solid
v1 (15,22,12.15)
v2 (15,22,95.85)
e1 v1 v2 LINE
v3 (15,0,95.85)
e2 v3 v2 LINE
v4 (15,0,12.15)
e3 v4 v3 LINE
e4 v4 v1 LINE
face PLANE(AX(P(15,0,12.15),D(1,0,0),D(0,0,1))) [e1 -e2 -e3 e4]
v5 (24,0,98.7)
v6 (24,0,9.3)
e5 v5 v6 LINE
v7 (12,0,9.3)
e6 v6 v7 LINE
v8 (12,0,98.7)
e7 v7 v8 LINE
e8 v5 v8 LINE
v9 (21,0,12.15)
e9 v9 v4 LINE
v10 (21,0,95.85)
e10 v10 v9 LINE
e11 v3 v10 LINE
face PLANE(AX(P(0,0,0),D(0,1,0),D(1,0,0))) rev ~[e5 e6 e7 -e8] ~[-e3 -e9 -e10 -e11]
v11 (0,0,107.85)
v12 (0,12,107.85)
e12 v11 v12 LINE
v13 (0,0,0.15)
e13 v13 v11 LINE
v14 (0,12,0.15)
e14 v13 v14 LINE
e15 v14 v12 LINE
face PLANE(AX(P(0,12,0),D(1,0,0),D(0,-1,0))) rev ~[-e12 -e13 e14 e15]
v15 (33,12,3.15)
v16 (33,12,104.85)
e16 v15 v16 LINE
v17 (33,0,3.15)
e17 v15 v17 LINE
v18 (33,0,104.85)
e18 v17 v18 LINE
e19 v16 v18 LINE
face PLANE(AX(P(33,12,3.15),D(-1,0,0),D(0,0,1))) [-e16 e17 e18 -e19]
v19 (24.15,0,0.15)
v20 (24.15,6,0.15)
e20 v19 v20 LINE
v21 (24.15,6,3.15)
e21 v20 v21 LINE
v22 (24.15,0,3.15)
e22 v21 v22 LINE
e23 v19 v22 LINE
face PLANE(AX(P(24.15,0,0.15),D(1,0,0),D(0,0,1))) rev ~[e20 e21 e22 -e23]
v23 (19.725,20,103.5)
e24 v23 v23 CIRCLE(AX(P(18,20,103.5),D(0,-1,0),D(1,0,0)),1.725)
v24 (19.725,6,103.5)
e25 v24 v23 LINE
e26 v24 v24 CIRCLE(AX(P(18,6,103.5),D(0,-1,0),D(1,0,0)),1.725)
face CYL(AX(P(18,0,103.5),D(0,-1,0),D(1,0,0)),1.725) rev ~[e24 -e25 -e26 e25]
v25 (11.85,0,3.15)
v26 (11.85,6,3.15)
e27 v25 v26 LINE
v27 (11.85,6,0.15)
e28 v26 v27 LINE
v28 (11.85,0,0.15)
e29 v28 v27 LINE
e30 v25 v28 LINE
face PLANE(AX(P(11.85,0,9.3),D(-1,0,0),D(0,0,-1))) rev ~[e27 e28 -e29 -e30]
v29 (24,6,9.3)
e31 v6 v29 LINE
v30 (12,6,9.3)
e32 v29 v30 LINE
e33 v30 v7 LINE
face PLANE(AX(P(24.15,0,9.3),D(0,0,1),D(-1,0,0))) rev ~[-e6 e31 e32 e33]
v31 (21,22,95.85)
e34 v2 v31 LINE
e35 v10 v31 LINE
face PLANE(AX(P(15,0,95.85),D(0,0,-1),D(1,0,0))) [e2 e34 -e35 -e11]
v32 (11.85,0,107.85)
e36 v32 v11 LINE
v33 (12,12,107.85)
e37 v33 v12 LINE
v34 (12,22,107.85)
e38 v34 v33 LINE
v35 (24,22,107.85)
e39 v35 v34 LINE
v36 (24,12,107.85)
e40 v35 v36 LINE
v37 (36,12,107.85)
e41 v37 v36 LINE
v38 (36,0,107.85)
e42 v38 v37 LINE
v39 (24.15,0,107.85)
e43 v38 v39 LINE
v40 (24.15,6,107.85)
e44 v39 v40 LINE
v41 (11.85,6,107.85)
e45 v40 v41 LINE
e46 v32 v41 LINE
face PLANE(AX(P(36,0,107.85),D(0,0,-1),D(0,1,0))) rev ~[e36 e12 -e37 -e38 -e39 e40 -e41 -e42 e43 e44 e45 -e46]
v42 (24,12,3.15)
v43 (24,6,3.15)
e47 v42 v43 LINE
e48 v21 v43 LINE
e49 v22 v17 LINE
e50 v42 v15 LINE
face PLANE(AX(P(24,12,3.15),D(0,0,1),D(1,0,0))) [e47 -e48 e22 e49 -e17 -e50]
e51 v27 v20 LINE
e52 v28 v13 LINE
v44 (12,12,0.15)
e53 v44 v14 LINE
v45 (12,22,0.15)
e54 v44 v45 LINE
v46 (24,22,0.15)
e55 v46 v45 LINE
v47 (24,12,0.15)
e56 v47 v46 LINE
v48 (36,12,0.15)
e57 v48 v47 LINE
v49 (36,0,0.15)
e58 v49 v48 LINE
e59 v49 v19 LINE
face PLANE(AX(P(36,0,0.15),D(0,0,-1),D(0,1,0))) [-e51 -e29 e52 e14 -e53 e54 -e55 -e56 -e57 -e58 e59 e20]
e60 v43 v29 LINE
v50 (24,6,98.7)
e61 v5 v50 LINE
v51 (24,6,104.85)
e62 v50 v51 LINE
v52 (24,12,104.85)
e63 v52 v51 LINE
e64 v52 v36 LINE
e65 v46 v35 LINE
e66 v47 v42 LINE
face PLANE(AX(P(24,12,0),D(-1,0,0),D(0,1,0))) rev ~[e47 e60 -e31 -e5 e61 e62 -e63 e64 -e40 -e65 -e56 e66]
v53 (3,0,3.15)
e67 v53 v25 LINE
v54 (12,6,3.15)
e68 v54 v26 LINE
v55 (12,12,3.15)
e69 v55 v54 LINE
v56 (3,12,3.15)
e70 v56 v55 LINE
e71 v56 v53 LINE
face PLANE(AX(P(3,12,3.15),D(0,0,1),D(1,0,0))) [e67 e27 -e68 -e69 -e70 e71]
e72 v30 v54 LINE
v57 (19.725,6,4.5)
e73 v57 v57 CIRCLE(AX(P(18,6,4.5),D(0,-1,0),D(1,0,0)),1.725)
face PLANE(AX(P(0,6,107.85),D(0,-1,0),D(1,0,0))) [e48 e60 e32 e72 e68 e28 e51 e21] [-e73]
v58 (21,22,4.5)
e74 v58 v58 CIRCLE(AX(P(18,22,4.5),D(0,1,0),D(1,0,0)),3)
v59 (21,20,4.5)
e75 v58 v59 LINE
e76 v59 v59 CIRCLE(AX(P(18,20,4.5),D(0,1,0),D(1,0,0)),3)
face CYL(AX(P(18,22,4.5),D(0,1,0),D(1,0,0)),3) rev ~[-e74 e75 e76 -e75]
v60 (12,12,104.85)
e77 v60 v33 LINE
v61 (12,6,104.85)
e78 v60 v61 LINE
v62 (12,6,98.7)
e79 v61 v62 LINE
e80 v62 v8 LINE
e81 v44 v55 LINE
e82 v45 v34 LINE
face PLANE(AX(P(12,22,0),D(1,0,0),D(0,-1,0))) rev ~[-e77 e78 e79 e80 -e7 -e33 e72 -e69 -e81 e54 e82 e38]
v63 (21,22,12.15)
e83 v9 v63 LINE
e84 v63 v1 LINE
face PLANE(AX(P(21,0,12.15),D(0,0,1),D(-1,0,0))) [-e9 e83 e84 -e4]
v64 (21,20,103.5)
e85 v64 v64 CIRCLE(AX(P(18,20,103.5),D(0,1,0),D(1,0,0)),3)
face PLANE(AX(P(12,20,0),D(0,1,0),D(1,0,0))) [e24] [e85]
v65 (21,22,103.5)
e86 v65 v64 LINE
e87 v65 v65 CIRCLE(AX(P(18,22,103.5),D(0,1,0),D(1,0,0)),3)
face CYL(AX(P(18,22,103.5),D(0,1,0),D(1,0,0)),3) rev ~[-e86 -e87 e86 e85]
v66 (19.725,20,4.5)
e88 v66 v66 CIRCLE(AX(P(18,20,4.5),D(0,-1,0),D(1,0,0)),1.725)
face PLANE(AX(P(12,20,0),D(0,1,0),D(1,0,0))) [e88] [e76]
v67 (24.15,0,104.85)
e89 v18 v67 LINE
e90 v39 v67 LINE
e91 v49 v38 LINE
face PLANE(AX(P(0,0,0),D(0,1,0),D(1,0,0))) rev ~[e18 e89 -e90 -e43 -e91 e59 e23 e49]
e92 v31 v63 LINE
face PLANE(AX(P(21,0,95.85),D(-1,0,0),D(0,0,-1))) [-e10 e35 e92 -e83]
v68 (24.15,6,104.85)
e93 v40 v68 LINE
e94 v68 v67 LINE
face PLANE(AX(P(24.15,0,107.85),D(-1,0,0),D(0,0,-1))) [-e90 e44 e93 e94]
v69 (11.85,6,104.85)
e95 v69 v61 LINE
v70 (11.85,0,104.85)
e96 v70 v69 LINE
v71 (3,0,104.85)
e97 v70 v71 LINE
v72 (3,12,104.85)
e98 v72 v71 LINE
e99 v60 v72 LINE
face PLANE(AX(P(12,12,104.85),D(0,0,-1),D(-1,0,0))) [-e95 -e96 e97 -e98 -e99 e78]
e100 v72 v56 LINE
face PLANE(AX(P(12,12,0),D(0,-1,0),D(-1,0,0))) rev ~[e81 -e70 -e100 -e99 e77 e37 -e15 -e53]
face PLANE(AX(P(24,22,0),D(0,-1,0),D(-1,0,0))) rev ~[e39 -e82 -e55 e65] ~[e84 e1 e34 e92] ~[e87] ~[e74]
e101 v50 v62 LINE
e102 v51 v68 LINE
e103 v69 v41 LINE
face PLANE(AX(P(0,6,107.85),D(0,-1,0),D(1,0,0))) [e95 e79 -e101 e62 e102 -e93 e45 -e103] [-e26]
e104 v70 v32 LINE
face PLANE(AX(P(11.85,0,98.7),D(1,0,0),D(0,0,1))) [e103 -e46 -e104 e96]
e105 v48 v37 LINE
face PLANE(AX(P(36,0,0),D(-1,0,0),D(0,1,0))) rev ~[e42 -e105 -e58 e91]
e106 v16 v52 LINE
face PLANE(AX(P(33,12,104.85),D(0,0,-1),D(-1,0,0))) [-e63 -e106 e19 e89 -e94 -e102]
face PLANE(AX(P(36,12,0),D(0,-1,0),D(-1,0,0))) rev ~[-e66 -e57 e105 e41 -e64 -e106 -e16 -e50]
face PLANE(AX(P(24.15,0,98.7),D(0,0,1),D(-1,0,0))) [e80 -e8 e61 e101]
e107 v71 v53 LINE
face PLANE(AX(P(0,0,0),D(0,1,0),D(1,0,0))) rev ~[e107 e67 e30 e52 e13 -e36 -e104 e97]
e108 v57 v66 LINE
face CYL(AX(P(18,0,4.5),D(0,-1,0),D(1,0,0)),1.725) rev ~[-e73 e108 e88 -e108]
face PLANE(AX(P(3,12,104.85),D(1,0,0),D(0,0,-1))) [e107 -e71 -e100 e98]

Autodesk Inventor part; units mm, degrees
ref_plane "YZ Plane" through (0, 0, 0) normal (1, 0, 0) x (0, 1, 0)
ref_plane "XZ Plane" through (0, 0, 0) normal (0, 1, 0) x (-1, 0, 0)
ref_plane "XY Plane" through (0, 0, 0) normal (0, 0, 1) x (1, 0, 0)
sketch "Sketch1" plane through (0, 0, 0) normal (0, 0, 1) x (1, 0, 0)
  line L0 (0, 0) -> (36, 0)
  line L1 (36, 0) -> (36, 12)
  line L2 (36, 12) -> (24, 12)
  line L3 (24, 12) -> (24, 22)
  line L4 (24, 22) -> (12, 22)
  line L5 (12, 22) -> (12, 12)
  line L6 (12, 12) -> (0, 12)
  line L7 (0, 12) -> (0, 0)
  dimension "d0" = 36
  dimension "d1" = 12
  dimension "d2" = 12
  dimension "d3" = 10
  dimension "d4" = 12
extrude "Extrusion1" add sketch "Sketch1" along normal blind 108
sketch "Sketch2" plane through (0, 0, 0) normal (0, -1, 0) x (1, 0, 0)
  circle A0 centre (18, 4.5) radius 1.725
  line L0 (0, 0) -> (36, 0) projected
  line L1 (36, 0) -> (36, 108) projected
  circle A1 centre (18, 103.5) radius 1.725
  line L2 (0, 108) -> (36, 108) projected
  dimension "d7" = 3.45
  dimension "d8" = 4.5
  dimension "d9" = 18
  dimension "d10" = 3.45
  dimension "d11" = 18
  dimension "d12" = 4.5
extrude "Extrusion2" cut sketch "Sketch2" against normal blind 20
sketch "Sketch3" plane through (12, 22, 0) normal (0, 1, 0) x (1, 0, 0)
  circle A0 centre (6, -4.5) radius 1.725 projected
  circle A1 centre (6, -4.5) radius 3
  circle A2 centre (6, -103.5) radius 1.725 projected
  circle A3 centre (6, -103.5) radius 3
  point P0 (-12, 0)
  dimension "d15" = 6
  dimension "d16" = 6
extrude "Extrusion3" cut sketch "Sketch3" against normal blind 2 contours A0 | A1 | A2 | A3
sketch "Sketch4" plane through (36, 0, 0) normal (1, 0, 0) x (0, 0, -1)
  line L0 (-108, 0) -> (-107.85, 0)
  line L1 (0, 0) -> (-108, 0) projected
  line L2 (-107.85, 0) -> (-107.85, 12)
  line L3 (0, 12) -> (-108, 12) projected
  line L4 (-108, 0) -> (-108, 12) projected
  line L5 (-108, 12) -> (-108, 0)
  line L6 (-108, 22) -> (-107.85, 22)
  line L7 (-107.85, 12) -> (-108, 12)
  line L8 (0, 0) -> (-0.15, 0)
  line L9 (-0.15, 0) -> (-0.15, 12)
  line L10 (-0.15, 12) -> (0, 12)
  line L11 (0, 12) -> (0, 0)
  line L12 (0, 22) -> (-0.15, 22)
  line L13 (-0.15, 12) -> (0, 12)
  dimension "d19" = 0.15
  dimension "d20" = 12
  dimension "d21" = 0.15
  dimension "d22" = 0.15
extrude "Extrusion4" cut sketch "Sketch4" against normal through all contours L4 L3 L2 L0 | L9 L3 L11 L1
sketch "Sketch5" plane through (24, 22, 108) normal (1, 0, 0) x (0, 0, -1)
  line L0 (108, -10) -> (108, 0) projected
  line L1 (108, 0) -> (0, 0) projected
  line L2 (108, -10) -> (107.85, -10)
  line L3 (107.85, -10) -> (107.85, 0)
  line L4 (107.85, 0) -> (108, 0)
  line L5 (108, 0) -> (108, -10)
  line L6 (0.15, -10) -> (0, -10) projected
  line L7 (0, -10) -> (0, 0) projected
  line L8 (0.15, -10) -> (0, -10)
  line L9 (0, -10) -> (0, 0)
  line L10 (0, 0) -> (0.15, 0)
  line L11 (0.15, 0) -> (0.15, -10)
  point P0 (108, -22)
  dimension "d25" = 0.15
extrude "Extrusion5" cut sketch "Sketch5" against normal through all
sketch "Sketch6" plane through (12, 22, 0.15) normal (0, 1, 0) x (1, 0, 0)
  line L0 (0, 0) -> (0, -107.7) projected
  line L1 (12, 0) -> (12, -107.7) projected
  line L2 (0, -98.85) -> (12, -98.85)
  line L3 (12, -98.85) -> (12, -8.85)
  line L4 (12, -8.85) -> (0, -8.85)
  line L5 (0, -8.85) -> (0, -98.85)
  point P0 (-12, 0.15)
  dimension "d28" = 8.85
  dimension "d29" = 8.85
sketch "Sketch7" plane through (0, 0, 107.85) normal (0, -1, 0) x (1, 0, 0)
  line L0 (0, -107.7) -> (36, -107.7) projected
  line L1 (11.85, -107.7) -> (24.15, -107.7)
  line L2 (24.15, -107.7) -> (24.15, -98.55)
  line L3 (24.15, -98.55) -> (11.85, -98.55)
  line L4 (11.85, -98.55) -> (11.85, -107.7)
  line L5 (0, 0) -> (12, 0) projected
  line L6 (11.85, 0) -> (24.15, 0)
  line L7 (24.15, 0) -> (24.15, -9.15)
  line L8 (24.15, -9.15) -> (11.85, -9.15)
  line L9 (11.85, -9.15) -> (11.85, 0)
  line L10 (36, -107.7) -> (36, 0) projected
  point P0 (0, -107.85)
  dimension "d30" = 11.85
  dimension "d31" = 11.85
  dimension "d32" = 9.15
  dimension "d33" = 11.85
  dimension "d34" = 11.85
  dimension "d35" = 9.15
extrude "Extrusion6" cut sketch "Sketch7" against normal blind 6
sketch "Sketch8" plane through (36, 0, 0.15) normal (0, -1, 0) x (1, 0, 0)
  line L0 (-21, 95.7) -> (-15, 95.7)
  line L1 (-15, 95.7) -> (-15, 12)
  line L2 (-15, 12) -> (-21, 12)
  line L3 (-21, 12) -> (-21, 95.7)
  line L4 (-11.85, 0) -> (-24.15, 0) projected
  line L5 (0, 107.7) -> (-11.85, 107.7) projected
  line L6 (-24, 0) -> (-24, 107.7) projected
  line L7 (-12, 0) -> (-12, 107.7) projected
  point P0 (-36, -0.15)
  dimension "d38" = 12
  dimension "d39" = 12
  dimension "d40" = 3
  dimension "d41" = 3
extrude "Extrusion7" cut sketch "Sketch8" against normal through all
sketch "Sketch9" plane through (24, 12, 107.85) normal (0, 1, 0) x (1, 0, 0)
  line L0 (9, 3) -> (0, 3)
  line L1 (0, 3) -> (0, 104.7)
  line L2 (0, 104.7) -> (9, 104.7)
  line L3 (9, 104.7) -> (9, 3)
  line L4 (-12, 3) -> (-21, 3)
  line L5 (-21, 3) -> (-21, 104.7)
  line L6 (-21, 104.7) -> (-12, 104.7)
  line L7 (-12, 104.7) -> (-12, 3)
  line L8 (12, 0) -> (0.15, 0) projected
  line L9 (12, 107.7) -> (0, 107.7) projected
  line L10 (12, 107.7) -> (12, 0) projected
  line L11 (-24, 107.7) -> (-24, 0) projected
  line L12 (-12, 107.7) -> (-24, 107.7) projected
  line L13 (-24, 0) -> (-12, 0) projected
  line L14 (-12, 107.7) -> (-12, 0) projected
  line L15 (0, 107.7) -> (0, 0) projected
  point P0 (-24, 107.85)
  dimension "d44" = 3
  dimension "d45" = 3
  dimension "d46" = 3
  dimension "d47" = 3
  dimension "d48" = 3
  dimension "d49" = 3
  dimension "d50" = 0
  dimension "d51" = 0
extrude "Extrusion8" cut sketch "Sketch9" against normal through all contours L0 L1 L2 L3 | L4 L5 L6 L7
sketch "Sketch10" plane through (12, 0, 98.7) normal (0, -1, 0) x (1, 0, 0)
  line L0 (3, -86.55) -> (3, -2.85) projected
  line L1 (9, -2.85) -> (9, -86.55) projected
  line L2 (3, -2.85) -> (9, -2.85)
  line L3 (9, -2.85) -> (9, -86.55)
  line L4 (9, -86.55) -> (3, -86.55)
  line L5 (3, -86.55) -> (3, -2.85)
  line L6 (0, 0) -> (0, -89.4) projected
  line L7 (12, -98.55) -> (12, 9.15) projected
  line L8 (0, 0) -> (12, 0)
  line L9 (12, 0) -> (12, -89.4)
  line L10 (12, -89.4) -> (0, -89.4)
  line L11 (0, -89.4) -> (0, 0)
  line L12 (12, -89.4) -> (0, -89.4)
  line L13 (0, -89.4) -> (0, 0)
  line L14 (0, 0) -> (12, 0)
  line L15 (12, 0) -> (12, -89.4)
  point P0 (-12, -98.7)
properties part number "centerbeam"
